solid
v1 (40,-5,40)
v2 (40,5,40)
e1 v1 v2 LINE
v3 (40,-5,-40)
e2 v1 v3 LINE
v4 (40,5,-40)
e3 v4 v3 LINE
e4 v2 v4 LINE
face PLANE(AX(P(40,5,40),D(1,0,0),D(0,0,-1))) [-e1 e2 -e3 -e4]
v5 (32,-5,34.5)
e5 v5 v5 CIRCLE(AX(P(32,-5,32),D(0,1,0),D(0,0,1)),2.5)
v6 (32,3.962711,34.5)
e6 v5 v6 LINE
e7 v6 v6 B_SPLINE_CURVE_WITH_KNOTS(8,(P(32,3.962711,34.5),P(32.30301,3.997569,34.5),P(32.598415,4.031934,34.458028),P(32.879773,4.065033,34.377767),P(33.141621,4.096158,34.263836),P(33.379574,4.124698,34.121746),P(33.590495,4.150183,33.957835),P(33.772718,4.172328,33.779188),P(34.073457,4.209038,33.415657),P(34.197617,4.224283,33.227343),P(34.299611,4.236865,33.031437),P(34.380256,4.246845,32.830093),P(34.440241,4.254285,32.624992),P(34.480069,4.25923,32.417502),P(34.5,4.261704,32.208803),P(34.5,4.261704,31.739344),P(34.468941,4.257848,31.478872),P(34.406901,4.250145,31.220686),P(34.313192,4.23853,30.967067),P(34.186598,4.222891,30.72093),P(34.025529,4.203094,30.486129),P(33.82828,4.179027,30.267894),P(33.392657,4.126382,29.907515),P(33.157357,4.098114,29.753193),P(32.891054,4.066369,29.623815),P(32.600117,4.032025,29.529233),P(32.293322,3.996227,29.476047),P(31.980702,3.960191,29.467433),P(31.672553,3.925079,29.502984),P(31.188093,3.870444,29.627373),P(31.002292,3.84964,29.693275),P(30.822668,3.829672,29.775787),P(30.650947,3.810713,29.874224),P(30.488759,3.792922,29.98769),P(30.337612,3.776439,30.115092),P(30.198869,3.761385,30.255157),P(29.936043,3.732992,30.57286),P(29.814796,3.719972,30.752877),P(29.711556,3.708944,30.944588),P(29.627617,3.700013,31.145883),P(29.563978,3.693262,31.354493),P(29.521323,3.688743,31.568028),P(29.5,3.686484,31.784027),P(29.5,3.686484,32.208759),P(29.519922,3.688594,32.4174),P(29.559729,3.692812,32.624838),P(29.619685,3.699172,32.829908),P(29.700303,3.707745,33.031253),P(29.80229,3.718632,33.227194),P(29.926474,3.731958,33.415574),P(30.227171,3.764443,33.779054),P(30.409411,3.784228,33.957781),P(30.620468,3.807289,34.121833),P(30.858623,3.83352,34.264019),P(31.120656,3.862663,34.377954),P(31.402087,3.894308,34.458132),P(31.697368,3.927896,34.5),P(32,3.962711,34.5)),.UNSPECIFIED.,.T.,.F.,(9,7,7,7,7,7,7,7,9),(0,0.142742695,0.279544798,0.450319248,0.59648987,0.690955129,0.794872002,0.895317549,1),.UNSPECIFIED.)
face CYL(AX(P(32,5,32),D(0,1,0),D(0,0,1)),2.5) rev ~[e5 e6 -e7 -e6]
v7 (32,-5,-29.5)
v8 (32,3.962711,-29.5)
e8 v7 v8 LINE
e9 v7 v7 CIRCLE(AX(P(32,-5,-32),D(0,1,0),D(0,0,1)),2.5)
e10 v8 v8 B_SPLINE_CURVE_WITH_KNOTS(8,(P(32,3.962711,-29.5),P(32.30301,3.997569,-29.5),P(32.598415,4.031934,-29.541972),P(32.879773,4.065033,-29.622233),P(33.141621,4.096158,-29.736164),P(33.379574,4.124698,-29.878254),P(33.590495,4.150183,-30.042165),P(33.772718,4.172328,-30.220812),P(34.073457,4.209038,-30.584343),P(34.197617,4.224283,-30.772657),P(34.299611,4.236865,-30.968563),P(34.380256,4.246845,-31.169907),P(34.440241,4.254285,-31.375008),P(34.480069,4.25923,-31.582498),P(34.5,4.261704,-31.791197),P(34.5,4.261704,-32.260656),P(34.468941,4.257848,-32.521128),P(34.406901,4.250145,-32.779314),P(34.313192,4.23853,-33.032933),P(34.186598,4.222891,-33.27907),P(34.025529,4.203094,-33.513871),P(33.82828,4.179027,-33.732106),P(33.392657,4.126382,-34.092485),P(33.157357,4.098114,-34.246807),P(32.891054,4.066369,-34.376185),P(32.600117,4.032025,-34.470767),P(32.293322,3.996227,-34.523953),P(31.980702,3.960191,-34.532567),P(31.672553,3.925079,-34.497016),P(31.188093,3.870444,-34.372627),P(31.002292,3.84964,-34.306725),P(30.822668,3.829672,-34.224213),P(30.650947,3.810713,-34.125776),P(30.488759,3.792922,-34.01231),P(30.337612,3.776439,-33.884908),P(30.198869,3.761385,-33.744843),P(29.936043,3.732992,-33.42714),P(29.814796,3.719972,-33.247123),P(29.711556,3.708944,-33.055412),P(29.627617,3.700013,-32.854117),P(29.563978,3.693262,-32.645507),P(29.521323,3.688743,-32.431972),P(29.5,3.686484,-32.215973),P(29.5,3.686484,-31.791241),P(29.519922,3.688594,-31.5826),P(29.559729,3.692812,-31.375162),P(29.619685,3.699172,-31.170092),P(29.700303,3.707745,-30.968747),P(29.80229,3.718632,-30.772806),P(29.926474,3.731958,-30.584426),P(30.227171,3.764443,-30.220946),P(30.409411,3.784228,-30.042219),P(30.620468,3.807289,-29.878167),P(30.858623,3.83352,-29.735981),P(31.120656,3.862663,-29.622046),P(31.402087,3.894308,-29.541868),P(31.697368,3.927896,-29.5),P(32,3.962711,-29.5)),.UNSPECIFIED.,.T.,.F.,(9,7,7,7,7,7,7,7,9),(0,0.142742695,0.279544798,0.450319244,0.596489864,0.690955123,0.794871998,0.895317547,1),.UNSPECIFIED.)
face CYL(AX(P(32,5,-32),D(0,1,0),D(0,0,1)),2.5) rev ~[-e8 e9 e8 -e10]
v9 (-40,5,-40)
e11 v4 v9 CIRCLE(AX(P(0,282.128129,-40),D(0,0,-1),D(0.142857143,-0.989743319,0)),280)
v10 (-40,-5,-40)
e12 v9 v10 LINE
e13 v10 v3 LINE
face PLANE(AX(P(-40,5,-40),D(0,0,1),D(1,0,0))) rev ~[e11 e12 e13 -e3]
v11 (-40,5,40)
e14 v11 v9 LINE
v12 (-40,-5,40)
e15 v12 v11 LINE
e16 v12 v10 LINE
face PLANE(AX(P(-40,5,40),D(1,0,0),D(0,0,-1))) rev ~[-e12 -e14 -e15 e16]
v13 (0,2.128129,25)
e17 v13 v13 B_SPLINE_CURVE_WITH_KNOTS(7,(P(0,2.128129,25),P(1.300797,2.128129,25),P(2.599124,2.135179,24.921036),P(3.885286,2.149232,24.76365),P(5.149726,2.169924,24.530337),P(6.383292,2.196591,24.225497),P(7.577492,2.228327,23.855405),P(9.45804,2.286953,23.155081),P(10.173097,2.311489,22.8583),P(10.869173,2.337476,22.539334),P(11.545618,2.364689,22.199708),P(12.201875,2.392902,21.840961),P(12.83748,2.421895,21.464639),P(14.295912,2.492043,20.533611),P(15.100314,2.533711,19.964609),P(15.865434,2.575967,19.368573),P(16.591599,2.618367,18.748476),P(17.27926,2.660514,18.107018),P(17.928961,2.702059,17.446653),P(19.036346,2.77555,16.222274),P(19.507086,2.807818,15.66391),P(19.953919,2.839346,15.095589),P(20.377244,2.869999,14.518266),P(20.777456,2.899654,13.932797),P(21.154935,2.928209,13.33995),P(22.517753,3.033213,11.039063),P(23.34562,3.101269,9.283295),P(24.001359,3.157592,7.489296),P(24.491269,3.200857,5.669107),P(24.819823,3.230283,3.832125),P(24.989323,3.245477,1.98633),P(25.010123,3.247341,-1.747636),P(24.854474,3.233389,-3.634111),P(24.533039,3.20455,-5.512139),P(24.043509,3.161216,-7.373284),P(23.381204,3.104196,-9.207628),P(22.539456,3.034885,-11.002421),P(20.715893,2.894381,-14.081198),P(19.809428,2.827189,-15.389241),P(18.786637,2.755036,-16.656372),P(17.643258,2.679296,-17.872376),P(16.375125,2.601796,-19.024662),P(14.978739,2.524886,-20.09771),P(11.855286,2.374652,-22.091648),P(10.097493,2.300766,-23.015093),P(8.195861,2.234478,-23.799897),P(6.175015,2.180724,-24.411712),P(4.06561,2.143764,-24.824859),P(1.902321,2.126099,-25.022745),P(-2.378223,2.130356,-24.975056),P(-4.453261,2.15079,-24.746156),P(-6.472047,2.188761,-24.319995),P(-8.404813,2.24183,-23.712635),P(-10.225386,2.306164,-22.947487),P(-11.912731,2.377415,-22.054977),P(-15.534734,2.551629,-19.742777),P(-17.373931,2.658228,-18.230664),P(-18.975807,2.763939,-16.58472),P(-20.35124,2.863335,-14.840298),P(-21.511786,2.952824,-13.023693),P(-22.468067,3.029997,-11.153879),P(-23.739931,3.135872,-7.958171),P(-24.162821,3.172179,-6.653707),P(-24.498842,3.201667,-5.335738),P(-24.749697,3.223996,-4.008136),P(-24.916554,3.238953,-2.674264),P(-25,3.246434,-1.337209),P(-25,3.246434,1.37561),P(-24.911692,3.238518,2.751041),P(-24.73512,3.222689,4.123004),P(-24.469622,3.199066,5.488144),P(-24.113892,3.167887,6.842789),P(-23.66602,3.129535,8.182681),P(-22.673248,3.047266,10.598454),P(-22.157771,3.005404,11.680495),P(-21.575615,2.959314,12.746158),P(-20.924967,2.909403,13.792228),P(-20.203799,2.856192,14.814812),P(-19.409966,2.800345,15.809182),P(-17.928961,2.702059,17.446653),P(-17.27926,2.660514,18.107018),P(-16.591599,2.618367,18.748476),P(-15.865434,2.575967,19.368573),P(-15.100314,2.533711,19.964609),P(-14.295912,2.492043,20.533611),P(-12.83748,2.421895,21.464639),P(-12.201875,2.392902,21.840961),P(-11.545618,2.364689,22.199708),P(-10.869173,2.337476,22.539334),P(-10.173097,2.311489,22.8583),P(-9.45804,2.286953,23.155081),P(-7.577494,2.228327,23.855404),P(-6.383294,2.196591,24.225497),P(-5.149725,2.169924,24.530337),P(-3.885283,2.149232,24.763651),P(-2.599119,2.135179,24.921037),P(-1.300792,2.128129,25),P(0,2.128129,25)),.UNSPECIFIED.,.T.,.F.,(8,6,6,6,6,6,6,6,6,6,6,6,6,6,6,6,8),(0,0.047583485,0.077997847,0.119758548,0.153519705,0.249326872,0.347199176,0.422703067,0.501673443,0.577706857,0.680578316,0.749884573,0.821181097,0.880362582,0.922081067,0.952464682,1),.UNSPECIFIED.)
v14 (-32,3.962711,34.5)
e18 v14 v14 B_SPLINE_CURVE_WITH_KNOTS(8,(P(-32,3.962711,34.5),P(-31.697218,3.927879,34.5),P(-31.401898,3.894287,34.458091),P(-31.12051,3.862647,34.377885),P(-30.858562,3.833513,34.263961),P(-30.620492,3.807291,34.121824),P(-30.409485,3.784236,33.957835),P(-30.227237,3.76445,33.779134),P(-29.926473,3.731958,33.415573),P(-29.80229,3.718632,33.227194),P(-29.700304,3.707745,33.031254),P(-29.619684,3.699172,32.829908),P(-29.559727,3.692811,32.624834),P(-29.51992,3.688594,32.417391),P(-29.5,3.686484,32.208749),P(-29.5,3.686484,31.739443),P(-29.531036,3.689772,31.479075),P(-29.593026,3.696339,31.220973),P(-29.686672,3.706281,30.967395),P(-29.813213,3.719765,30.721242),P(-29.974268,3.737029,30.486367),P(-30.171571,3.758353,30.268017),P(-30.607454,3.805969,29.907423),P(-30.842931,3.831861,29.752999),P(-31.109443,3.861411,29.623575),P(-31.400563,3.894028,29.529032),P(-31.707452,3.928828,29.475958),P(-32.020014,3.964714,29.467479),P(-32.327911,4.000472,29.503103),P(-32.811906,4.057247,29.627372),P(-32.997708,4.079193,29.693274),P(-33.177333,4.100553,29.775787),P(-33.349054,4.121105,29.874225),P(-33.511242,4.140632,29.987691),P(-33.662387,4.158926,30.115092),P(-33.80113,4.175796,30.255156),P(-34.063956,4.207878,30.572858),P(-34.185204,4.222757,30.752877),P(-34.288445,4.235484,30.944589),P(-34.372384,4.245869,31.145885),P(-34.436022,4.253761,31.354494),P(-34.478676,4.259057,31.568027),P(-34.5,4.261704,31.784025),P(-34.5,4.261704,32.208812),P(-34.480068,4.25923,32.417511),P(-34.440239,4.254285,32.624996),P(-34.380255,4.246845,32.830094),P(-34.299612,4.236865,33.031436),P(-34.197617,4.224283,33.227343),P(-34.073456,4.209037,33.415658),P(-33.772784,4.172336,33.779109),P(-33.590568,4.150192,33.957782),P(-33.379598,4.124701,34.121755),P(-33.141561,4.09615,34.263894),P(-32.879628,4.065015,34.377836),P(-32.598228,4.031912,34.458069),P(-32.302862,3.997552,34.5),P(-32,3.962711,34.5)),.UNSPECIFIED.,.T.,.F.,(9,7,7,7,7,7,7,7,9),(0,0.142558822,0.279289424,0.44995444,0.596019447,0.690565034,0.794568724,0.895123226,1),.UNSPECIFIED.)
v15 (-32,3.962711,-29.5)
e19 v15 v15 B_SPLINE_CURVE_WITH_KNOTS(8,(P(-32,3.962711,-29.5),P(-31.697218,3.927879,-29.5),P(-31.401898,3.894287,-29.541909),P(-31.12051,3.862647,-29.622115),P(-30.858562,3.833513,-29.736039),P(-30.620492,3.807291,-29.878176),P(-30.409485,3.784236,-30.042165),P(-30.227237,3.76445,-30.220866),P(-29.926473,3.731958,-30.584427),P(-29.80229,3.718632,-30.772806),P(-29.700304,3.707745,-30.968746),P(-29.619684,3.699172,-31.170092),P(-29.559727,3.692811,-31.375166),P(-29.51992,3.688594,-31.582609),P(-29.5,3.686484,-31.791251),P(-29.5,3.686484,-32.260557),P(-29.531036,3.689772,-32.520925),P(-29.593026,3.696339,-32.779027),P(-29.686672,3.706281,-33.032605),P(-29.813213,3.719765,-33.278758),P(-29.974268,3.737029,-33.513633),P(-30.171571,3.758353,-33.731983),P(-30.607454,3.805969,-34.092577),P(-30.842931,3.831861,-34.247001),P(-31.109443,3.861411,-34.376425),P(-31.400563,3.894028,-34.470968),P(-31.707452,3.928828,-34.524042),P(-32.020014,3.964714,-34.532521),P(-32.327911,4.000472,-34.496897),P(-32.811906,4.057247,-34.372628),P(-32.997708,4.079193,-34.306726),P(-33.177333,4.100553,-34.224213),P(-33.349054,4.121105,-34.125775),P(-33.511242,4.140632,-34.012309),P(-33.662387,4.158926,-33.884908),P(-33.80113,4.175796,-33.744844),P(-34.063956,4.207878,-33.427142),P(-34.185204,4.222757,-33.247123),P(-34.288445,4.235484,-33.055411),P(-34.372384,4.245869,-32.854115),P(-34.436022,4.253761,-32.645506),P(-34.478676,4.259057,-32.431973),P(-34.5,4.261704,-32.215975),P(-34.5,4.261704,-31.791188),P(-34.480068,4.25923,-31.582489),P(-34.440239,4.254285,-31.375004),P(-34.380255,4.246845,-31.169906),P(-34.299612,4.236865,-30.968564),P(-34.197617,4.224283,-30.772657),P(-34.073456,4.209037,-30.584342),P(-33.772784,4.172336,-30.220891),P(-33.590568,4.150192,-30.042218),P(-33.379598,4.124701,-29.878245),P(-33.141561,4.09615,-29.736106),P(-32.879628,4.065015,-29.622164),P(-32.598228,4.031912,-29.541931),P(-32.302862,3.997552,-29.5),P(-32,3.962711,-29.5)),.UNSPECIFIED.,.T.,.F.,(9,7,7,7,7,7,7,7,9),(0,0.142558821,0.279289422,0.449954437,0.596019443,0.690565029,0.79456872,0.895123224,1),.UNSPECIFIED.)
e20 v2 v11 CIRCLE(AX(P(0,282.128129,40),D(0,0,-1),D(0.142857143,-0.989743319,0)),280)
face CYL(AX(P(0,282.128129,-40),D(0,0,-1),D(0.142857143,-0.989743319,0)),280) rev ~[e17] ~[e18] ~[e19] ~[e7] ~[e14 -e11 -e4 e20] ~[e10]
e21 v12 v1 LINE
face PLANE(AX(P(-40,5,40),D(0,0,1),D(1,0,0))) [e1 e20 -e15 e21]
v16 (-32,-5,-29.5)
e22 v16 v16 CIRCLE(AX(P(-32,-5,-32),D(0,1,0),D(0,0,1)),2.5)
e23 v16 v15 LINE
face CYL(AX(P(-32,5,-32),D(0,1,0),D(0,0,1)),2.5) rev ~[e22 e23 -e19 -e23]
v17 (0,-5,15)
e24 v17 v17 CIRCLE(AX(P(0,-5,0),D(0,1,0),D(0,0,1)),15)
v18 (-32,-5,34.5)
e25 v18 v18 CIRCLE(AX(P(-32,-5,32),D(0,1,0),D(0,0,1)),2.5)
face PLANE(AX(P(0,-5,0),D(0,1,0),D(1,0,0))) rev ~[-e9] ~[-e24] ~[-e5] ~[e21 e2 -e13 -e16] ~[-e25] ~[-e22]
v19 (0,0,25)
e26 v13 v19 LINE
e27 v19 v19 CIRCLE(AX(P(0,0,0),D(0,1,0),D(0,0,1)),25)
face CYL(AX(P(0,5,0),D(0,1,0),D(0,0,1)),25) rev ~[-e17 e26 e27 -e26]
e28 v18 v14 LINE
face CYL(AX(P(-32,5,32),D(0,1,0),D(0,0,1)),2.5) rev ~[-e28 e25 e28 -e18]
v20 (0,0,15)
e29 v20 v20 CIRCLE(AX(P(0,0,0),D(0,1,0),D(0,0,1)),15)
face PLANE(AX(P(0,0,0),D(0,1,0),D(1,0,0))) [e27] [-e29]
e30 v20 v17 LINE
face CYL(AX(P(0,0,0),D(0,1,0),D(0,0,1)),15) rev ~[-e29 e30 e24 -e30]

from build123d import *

# Parameters (mm, degrees)
SKETCH1_3_W         = 80
SKETCH1_3_H         = 80
SKETCH1_3_R         = 2.5
SKETCH1_3_R_2       = 15
BOSS_EXTRUDE3_DEPTH = 5
BOSS_EXTRUDE4_START = 5
SKETCH1_W           = 80
SKETCH1_H           = 80
SKETCH1_R           = 2.5
SKETCH1_R_2         = 25
BOSS_EXTRUDE4_DEPTH = 5
CUT_EXTRUDE1_DEPTH  = 90.582364336


with BuildPart() as part:
    # Sketch1<3> → Boss-Extrude3 (new body)
    with BuildSketch(Plane(origin=(0, 0, 0), x_dir=(1, 0, 0), z_dir=(0, 1, 0))):
        Rectangle(SKETCH1_3_W, SKETCH1_3_H)
        with Locations((-32, -32)):
            Circle(SKETCH1_3_R, mode=Mode.SUBTRACT)
        with Locations((32, -32)):
            Circle(SKETCH1_3_R, mode=Mode.SUBTRACT)
        with Locations((-32, 32)):
            Circle(SKETCH1_3_R, mode=Mode.SUBTRACT)
        with Locations((32, 32)):
            Circle(SKETCH1_3_R, mode=Mode.SUBTRACT)
        Circle(SKETCH1_3_R_2, mode=Mode.SUBTRACT)
    extrude(amount=-BOSS_EXTRUDE3_DEPTH)

    # Sketch1 → Boss-Extrude4 (add)
    with BuildSketch(Plane(origin=(0, 0, 0), x_dir=(1, 0, 0), z_dir=(0, 1, 0)).offset(BOSS_EXTRUDE4_START)):
        Rectangle(SKETCH1_W, SKETCH1_H)
        with Locations((-32, -32)):
            Circle(SKETCH1_R, mode=Mode.SUBTRACT)
        with Locations((32, -32)):
            Circle(SKETCH1_R, mode=Mode.SUBTRACT)
        Circle(SKETCH1_R_2, mode=Mode.SUBTRACT)
        with Locations((-32, 32)):
            Circle(SKETCH1_R, mode=Mode.SUBTRACT)
        with Locations((32, 32)):
            Circle(SKETCH1_R, mode=Mode.SUBTRACT)
    extrude(amount=-BOSS_EXTRUDE4_DEPTH)

    # Sketch5 → Cut-Extrude1 (cut, through all)
    with BuildSketch(Plane(origin=(0, 0, -40), x_dir=(-1, 0, 0), z_dir=(0, 0, -1))):
        with BuildLine():
            Line((40, 5), (-40, 5))
            ThreePointArc((-40, 5), (0, 2.128129211), (40, 5))
        make_face()
    extrude(amount=-CUT_EXTRUDE1_DEPTH, mode=Mode.SUBTRACT)


solid = part.part
